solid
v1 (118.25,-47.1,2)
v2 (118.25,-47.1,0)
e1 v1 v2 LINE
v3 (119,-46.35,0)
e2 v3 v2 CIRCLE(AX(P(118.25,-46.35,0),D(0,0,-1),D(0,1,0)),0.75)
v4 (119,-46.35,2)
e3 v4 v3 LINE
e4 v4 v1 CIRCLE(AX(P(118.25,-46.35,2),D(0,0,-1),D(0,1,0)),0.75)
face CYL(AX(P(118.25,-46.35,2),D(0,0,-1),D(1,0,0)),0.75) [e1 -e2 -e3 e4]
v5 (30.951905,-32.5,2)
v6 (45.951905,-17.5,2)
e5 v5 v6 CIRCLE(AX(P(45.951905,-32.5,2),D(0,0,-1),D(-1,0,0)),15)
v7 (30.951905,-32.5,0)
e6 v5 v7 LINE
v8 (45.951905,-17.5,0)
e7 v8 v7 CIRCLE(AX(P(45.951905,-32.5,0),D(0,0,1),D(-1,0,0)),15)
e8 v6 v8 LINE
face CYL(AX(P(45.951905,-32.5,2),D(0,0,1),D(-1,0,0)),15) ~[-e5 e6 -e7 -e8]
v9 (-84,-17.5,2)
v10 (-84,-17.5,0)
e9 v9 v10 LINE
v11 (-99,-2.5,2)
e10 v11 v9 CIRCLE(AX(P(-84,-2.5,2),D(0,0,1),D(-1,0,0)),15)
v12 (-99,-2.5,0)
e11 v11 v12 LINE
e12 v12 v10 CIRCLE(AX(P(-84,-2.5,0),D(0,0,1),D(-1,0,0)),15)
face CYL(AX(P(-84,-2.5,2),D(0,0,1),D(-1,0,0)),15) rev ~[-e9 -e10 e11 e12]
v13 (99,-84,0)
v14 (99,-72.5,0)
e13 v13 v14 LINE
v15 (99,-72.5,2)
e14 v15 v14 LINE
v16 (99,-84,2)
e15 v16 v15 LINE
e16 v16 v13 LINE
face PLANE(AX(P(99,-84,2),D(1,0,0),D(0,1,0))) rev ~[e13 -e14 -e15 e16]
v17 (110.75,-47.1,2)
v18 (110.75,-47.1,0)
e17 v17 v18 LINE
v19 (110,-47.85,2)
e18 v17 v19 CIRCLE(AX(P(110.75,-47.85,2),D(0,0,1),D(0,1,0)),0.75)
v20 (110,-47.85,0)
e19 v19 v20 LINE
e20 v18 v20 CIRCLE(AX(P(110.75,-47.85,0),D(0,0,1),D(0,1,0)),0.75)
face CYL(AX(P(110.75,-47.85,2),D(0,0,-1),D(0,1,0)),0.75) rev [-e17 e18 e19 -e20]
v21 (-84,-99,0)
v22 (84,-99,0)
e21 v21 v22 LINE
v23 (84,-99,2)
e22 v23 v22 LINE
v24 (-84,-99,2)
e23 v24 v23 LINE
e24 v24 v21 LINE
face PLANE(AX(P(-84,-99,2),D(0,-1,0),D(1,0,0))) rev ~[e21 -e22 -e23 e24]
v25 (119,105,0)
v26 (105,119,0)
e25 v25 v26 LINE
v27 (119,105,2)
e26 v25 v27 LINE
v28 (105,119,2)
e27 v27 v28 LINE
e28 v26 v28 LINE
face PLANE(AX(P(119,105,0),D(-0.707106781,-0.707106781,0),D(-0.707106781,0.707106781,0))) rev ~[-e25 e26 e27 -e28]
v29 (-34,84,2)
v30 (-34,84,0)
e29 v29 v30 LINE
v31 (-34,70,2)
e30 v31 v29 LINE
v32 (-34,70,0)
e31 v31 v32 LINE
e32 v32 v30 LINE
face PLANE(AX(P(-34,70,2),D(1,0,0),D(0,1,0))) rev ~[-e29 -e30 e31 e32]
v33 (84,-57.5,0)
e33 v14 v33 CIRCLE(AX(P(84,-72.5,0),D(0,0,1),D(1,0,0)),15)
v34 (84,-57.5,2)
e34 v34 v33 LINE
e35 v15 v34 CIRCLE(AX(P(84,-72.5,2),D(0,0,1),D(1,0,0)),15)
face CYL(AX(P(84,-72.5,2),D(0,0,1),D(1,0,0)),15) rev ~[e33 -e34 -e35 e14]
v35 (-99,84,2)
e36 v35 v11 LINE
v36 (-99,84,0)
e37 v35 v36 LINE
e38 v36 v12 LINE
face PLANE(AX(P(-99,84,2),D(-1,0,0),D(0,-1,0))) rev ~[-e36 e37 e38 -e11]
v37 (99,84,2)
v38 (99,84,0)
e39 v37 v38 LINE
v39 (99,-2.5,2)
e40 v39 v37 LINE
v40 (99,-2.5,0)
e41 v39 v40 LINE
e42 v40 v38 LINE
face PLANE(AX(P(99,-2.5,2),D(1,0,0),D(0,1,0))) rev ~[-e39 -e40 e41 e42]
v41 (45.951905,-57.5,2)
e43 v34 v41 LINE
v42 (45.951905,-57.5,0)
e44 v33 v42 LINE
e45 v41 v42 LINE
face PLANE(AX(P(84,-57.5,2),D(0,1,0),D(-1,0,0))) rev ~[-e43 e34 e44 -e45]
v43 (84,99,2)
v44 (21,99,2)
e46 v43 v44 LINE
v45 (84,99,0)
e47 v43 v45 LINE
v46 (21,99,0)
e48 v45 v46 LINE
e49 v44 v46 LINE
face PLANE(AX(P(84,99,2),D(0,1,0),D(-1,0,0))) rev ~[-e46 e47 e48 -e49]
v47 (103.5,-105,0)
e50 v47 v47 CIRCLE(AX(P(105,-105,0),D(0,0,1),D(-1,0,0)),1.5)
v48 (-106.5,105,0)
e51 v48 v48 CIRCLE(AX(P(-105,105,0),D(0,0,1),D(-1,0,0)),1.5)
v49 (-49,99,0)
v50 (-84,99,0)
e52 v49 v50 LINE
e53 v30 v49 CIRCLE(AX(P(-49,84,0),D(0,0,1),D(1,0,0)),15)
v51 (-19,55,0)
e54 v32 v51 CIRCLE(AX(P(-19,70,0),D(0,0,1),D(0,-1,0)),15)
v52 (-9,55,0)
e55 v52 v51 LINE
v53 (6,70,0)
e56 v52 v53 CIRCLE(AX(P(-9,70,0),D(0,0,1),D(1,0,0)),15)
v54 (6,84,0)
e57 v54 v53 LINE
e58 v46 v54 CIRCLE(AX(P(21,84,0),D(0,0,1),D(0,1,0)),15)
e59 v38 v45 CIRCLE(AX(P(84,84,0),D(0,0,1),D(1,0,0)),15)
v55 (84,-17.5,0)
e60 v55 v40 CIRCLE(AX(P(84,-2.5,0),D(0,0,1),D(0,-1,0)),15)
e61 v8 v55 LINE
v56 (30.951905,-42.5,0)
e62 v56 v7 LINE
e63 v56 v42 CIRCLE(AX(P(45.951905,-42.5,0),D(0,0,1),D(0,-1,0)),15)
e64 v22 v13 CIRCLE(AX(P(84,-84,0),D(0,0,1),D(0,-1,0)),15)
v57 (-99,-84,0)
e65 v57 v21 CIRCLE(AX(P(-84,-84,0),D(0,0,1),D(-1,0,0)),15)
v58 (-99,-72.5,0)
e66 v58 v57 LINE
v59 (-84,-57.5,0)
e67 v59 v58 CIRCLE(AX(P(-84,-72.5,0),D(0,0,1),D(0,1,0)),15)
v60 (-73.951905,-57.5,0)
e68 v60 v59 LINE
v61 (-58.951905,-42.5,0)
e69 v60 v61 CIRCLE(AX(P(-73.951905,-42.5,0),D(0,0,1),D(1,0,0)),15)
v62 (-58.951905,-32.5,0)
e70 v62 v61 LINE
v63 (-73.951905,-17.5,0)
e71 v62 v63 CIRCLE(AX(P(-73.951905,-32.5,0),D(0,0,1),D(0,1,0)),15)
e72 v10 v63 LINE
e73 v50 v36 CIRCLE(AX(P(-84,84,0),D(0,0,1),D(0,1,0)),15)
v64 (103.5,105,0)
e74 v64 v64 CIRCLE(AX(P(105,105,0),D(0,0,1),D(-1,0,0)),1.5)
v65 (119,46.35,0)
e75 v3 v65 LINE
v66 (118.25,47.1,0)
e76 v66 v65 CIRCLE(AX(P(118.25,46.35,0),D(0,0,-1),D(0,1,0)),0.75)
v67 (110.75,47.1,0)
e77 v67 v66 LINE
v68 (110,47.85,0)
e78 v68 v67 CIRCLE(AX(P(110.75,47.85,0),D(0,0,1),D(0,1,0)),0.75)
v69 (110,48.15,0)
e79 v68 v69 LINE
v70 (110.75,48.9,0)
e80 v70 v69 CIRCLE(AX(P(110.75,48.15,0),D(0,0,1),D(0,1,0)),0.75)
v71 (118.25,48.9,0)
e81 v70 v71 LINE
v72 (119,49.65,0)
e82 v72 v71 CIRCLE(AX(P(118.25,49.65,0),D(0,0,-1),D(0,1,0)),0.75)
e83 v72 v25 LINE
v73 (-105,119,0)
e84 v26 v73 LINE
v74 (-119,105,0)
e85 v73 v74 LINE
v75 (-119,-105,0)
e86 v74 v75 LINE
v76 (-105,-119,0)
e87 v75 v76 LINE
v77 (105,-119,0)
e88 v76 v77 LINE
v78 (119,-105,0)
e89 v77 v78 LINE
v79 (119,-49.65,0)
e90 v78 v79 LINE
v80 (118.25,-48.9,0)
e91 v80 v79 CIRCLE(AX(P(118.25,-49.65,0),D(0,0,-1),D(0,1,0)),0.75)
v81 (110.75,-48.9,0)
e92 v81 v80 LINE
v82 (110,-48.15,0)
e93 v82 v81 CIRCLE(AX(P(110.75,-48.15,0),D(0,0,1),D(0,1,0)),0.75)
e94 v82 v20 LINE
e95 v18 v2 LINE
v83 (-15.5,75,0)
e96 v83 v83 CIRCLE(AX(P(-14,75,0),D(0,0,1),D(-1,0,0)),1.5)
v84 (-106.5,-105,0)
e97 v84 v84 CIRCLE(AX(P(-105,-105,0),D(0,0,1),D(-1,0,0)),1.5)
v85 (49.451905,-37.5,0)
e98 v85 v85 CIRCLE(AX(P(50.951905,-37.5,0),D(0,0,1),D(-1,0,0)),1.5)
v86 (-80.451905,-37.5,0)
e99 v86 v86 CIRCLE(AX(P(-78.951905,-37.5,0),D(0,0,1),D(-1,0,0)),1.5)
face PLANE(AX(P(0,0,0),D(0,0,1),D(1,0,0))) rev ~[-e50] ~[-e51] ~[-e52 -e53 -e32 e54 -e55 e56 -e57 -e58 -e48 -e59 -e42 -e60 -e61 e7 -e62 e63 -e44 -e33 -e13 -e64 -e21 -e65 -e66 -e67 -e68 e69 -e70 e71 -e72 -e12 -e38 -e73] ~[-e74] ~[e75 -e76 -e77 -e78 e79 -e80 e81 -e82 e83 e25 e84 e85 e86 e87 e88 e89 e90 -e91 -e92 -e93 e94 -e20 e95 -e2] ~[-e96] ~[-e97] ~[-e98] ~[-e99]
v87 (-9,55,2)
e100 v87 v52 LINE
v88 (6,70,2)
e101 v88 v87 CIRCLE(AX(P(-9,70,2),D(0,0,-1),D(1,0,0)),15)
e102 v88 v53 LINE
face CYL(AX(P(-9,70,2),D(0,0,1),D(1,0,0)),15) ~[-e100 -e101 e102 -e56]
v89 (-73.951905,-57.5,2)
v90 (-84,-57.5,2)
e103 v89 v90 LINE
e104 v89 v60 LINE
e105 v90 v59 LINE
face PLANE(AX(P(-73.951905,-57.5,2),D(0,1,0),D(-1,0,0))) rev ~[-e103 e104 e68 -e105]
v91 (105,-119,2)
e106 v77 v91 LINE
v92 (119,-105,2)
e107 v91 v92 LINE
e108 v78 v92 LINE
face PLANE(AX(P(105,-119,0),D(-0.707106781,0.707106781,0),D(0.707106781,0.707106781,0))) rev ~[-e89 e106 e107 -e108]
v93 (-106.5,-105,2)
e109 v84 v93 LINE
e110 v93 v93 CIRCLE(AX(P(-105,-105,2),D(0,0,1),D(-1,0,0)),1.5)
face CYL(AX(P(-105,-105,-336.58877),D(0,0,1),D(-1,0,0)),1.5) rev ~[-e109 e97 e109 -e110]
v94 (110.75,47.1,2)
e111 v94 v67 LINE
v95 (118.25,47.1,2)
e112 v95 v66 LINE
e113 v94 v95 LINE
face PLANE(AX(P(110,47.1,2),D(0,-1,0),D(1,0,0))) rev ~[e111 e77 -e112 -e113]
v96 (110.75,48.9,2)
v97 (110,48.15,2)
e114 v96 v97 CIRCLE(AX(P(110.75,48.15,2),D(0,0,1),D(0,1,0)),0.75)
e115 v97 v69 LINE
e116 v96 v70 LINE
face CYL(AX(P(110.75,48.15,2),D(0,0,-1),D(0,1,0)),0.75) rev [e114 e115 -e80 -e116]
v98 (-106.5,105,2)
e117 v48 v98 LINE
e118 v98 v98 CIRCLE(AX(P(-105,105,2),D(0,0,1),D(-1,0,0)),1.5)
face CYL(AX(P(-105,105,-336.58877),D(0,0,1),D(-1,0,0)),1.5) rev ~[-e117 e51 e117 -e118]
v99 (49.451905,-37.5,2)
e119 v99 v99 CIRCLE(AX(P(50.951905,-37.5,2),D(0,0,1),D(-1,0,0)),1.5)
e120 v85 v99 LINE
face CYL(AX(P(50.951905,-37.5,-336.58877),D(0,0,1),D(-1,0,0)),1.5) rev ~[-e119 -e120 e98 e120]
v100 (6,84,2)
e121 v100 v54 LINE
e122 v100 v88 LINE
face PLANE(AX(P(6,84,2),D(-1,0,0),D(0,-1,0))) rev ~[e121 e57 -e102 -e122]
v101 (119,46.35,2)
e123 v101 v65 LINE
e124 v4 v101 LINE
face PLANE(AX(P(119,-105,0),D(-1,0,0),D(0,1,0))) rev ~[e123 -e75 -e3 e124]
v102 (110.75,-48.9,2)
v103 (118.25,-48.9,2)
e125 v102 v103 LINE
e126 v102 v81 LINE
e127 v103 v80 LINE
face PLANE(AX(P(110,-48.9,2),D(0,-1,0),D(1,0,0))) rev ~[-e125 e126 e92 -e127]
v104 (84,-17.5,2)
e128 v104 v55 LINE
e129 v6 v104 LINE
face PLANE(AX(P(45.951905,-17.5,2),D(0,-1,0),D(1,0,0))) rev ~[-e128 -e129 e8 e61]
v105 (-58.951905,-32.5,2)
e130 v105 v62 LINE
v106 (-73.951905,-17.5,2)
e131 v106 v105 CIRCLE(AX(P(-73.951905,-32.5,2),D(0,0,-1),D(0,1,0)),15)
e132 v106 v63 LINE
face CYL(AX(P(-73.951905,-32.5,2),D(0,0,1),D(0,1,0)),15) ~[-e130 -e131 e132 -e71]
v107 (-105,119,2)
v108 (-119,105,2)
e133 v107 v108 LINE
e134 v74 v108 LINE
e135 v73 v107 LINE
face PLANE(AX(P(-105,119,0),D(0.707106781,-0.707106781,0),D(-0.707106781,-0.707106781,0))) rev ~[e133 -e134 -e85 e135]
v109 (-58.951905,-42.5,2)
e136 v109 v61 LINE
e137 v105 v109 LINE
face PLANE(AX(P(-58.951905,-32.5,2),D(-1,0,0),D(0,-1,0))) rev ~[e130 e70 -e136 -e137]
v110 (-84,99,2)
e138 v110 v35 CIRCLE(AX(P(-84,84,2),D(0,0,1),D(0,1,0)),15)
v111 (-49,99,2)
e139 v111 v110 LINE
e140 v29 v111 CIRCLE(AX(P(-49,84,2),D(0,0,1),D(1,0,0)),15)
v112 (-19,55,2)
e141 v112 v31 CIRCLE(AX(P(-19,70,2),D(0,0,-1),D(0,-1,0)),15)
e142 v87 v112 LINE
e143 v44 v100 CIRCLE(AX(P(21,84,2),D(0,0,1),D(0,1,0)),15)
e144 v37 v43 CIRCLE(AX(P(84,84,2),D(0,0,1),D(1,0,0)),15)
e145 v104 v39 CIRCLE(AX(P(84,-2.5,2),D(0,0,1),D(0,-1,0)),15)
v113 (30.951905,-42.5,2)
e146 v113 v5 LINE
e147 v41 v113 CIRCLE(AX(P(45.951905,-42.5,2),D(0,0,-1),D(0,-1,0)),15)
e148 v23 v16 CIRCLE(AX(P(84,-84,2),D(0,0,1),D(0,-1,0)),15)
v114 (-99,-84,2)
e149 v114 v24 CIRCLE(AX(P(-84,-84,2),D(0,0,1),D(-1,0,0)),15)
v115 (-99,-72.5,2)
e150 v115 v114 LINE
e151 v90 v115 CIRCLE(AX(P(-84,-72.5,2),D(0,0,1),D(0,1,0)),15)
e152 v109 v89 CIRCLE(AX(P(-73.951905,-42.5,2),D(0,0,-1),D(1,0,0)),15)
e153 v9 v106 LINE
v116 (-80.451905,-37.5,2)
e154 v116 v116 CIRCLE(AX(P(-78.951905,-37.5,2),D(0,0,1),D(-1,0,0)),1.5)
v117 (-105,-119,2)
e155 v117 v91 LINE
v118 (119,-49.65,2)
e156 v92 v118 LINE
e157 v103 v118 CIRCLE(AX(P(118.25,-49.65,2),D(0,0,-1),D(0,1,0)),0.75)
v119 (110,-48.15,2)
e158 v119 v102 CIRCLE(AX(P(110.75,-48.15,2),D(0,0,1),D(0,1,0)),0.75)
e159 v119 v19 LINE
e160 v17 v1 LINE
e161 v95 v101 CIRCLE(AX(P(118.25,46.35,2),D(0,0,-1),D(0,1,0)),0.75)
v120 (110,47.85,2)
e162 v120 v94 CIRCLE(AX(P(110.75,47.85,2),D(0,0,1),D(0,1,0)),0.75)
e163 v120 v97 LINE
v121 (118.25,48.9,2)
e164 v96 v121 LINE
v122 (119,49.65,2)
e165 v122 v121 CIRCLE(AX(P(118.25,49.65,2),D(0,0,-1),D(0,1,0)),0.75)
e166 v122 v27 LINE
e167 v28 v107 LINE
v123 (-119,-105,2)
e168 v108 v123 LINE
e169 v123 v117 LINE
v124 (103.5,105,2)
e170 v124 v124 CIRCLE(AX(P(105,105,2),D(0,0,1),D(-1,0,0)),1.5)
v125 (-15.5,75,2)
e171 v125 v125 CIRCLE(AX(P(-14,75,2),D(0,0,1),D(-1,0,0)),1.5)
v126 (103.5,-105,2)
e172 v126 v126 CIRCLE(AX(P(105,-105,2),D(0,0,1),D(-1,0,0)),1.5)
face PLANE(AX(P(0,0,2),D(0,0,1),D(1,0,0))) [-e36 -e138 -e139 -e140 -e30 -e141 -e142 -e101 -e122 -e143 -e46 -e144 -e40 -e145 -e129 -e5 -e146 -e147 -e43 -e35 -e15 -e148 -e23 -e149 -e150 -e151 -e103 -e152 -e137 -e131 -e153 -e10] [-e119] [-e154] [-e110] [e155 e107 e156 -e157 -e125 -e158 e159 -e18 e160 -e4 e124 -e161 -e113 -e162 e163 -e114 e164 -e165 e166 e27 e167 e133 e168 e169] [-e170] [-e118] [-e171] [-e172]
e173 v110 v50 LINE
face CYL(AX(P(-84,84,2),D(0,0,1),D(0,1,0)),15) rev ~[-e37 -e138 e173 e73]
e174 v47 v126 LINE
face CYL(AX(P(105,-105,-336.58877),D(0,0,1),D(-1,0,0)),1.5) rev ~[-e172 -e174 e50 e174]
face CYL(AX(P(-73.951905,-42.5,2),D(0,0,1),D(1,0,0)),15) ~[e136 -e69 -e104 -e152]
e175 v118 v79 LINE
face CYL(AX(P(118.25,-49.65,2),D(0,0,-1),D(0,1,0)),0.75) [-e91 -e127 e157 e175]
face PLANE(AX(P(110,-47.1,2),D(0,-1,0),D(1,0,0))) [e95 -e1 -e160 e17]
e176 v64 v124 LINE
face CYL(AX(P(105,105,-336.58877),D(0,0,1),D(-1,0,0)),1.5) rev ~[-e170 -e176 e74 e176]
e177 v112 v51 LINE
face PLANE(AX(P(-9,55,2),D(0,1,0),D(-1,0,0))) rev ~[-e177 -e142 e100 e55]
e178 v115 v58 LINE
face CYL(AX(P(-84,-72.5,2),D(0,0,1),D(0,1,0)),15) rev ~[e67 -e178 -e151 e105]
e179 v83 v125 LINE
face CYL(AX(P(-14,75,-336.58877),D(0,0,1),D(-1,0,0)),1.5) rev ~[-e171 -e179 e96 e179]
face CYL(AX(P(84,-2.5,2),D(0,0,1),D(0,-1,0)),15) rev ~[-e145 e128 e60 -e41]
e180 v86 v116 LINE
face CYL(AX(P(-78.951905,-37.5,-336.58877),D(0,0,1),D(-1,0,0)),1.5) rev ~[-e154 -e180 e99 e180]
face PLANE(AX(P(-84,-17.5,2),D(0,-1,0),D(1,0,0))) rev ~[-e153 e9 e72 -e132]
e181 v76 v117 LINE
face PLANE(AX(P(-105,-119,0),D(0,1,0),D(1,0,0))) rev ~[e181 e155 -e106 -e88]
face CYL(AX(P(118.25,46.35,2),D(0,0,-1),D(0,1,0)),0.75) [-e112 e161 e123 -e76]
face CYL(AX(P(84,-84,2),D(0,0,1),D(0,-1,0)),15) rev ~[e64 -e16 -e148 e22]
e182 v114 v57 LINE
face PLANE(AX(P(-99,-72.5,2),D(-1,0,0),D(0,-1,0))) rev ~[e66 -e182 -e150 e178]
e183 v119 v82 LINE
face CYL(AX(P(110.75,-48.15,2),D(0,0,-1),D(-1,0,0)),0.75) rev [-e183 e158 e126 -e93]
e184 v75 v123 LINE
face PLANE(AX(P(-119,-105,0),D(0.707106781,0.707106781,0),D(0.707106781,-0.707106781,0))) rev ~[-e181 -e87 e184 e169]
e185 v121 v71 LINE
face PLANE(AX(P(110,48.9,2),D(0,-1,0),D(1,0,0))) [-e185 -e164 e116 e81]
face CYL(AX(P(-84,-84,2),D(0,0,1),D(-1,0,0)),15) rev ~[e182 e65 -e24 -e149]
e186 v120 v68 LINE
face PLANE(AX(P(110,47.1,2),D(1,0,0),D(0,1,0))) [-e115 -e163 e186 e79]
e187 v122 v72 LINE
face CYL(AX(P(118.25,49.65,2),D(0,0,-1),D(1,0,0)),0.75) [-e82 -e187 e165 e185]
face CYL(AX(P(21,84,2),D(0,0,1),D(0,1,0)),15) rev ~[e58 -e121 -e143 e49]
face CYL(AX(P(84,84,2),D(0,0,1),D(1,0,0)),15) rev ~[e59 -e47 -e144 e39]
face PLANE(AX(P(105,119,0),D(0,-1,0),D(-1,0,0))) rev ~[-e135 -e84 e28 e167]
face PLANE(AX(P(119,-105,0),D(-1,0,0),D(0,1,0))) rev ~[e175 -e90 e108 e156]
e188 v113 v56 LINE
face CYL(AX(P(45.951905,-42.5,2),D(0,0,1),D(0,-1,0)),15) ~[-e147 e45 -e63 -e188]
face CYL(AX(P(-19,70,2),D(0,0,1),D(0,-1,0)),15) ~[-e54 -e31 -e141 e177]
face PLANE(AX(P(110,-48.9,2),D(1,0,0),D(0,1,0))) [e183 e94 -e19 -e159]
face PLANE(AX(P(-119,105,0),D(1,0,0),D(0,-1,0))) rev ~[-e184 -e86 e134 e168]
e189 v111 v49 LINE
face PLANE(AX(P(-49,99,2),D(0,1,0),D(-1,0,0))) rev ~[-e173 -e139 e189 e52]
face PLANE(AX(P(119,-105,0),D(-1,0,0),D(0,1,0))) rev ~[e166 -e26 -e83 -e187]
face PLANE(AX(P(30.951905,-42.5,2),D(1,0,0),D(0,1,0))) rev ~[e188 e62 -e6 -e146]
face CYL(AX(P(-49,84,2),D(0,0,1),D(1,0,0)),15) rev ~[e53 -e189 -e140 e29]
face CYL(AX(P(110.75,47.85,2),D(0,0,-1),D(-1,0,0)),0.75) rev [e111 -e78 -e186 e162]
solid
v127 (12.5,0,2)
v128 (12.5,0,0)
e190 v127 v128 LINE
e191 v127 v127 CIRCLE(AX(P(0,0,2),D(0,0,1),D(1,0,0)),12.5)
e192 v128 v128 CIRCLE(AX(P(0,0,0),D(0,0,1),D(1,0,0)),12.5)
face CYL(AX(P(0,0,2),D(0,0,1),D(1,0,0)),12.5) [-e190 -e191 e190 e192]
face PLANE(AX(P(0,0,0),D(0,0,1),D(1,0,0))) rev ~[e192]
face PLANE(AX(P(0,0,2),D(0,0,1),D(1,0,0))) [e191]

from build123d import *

# Parameters (mm, degrees)
F1_DEPTH = 2
F2_D     = 3
F3_R     = 12.5
F3_W     = 9
F3_H     = 1.8
F4_DEPTH = 25
F5_R     = 0.75


with BuildPart() as f1:
    # F0 (on Top) → F1 (new body)
    with BuildSketch(Plane.XY):
        Polygon((119, 105), (105, 119), (-105, 119), (-119, 105), (-119, -105), (-105, -119), (105, -119), (119, -105), align=None)
    extrude(amount=F1_DEPTH)

    # F2 (through all)
    with Locations(Plane(origin=(0, 0, 0), x_dir=(1, 0, 0), z_dir=(0, 0, -1))):
        with Locations((-105, -105), (105, -105), (-105, 105), (105, 105), (-14, -75), (50.9519052838, 37.5), (-78.9519052838, 37.5)):
            Hole(F2_D / 2)

    # F3 (on face) → F4 (cut)
    with BuildSketch(Plane.XY.offset(2)):
        with BuildLine():
            Line((-99, 84), (-99, -2.5))
            ThreePointArc((-99, -2.5), (-94.6066017178, -13.1066017178), (-84, -17.5))
            Line((-84, -17.5), (-73.9519052838, -17.5))
            ThreePointArc((-73.9519052838, -17.5), (-63.345303566, -21.8933982822), (-58.9519052838, -32.5))
            Line((-58.9519052838, -32.5), (-58.9519052838, -42.5))
            ThreePointArc((-58.9519052838, -42.5), (-63.345303566, -53.1066017178), (-73.9519052838, -57.5))
            Line((-73.9519052838, -57.5), (-84, -57.5))
            ThreePointArc((-84, -57.5), (-94.6066017178, -61.8933982822), (-99, -72.5))
            Line((-99, -72.5), (-99, -84))
            ThreePointArc((-99, -84), (-94.6066017178, -94.6066017178), (-84, -99))
            Line((-84, -99), (84, -99))
            ThreePointArc((84, -99), (94.6066017178, -94.6066017178), (99, -84))
            Line((99, -84), (99, -72.5))
            ThreePointArc((99, -72.5), (94.6066017178, -61.8933982822), (84, -57.5))
            Line((84, -57.5), (45.9519052838, -57.5))
            ThreePointArc((45.9519052838, -57.5), (35.345303566, -53.1066017178), (30.9519052838, -42.5))
            Line((30.9519052838, -42.5), (30.9519052838, -37.5))
            Line((30.9519052838, -37.5), (30.9519052838, -32.5))
            ThreePointArc((30.9519052838, -32.5), (35.345303566, -21.8933982822), (45.9519052838, -17.5))
            Line((45.9519052838, -17.5), (84, -17.5))
            ThreePointArc((84, -17.5), (94.6066017178, -13.1066017178), (99, -2.5))
            Line((99, -2.5), (99, 40.75))
            Line((99, 40.75), (99, 84))
            ThreePointArc((99, 84), (94.6066017178, 94.6066017178), (84, 99))
            Line((84, 99), (21, 99))
            ThreePointArc((21, 99), (10.3933982822, 94.6066017178), (6, 84))
            Line((6, 84), (6, 70))
            ThreePointArc((6, 70), (1.6066017178, 59.3933982822), (-9, 55))
            Line((-9, 55), (-19, 55))
            ThreePointArc((-19, 55), (-29.6066017178, 59.3933982822), (-34, 70))
            Line((-34, 70), (-34, 84))
            ThreePointArc((-34, 84), (-38.3933982822, 94.6066017178), (-49, 99))
            Line((-49, 99), (-84, 99))
            ThreePointArc((-84, 99), (-94.6066017178, 94.6066017178), (-99, 84))
        make_face()
        Circle(F3_R, mode=Mode.SUBTRACT)
        with Locations((114.5, 48)):
            Rectangle(F3_W, F3_H)
        with Locations((114.5, -48)):
            Rectangle(F3_W, F3_H)
    extrude(amount=-F4_DEPTH, mode=Mode.SUBTRACT)

    # F5
    f5_edges = [f1.edges().sort_by_distance(p)[0] for p in [
        (119, -48.9, 1),
        (119, -47.1, 1),
        (119, 48.9, 1),
        (119, 47.1, 1),
        (110, 48.9, 1),
        (110, 47.1, 1),
        (110, -48.9, 1),
        (110, -47.1, 1),
    ]]
    fillet(f5_edges, radius=F5_R)


solid = f1.part
